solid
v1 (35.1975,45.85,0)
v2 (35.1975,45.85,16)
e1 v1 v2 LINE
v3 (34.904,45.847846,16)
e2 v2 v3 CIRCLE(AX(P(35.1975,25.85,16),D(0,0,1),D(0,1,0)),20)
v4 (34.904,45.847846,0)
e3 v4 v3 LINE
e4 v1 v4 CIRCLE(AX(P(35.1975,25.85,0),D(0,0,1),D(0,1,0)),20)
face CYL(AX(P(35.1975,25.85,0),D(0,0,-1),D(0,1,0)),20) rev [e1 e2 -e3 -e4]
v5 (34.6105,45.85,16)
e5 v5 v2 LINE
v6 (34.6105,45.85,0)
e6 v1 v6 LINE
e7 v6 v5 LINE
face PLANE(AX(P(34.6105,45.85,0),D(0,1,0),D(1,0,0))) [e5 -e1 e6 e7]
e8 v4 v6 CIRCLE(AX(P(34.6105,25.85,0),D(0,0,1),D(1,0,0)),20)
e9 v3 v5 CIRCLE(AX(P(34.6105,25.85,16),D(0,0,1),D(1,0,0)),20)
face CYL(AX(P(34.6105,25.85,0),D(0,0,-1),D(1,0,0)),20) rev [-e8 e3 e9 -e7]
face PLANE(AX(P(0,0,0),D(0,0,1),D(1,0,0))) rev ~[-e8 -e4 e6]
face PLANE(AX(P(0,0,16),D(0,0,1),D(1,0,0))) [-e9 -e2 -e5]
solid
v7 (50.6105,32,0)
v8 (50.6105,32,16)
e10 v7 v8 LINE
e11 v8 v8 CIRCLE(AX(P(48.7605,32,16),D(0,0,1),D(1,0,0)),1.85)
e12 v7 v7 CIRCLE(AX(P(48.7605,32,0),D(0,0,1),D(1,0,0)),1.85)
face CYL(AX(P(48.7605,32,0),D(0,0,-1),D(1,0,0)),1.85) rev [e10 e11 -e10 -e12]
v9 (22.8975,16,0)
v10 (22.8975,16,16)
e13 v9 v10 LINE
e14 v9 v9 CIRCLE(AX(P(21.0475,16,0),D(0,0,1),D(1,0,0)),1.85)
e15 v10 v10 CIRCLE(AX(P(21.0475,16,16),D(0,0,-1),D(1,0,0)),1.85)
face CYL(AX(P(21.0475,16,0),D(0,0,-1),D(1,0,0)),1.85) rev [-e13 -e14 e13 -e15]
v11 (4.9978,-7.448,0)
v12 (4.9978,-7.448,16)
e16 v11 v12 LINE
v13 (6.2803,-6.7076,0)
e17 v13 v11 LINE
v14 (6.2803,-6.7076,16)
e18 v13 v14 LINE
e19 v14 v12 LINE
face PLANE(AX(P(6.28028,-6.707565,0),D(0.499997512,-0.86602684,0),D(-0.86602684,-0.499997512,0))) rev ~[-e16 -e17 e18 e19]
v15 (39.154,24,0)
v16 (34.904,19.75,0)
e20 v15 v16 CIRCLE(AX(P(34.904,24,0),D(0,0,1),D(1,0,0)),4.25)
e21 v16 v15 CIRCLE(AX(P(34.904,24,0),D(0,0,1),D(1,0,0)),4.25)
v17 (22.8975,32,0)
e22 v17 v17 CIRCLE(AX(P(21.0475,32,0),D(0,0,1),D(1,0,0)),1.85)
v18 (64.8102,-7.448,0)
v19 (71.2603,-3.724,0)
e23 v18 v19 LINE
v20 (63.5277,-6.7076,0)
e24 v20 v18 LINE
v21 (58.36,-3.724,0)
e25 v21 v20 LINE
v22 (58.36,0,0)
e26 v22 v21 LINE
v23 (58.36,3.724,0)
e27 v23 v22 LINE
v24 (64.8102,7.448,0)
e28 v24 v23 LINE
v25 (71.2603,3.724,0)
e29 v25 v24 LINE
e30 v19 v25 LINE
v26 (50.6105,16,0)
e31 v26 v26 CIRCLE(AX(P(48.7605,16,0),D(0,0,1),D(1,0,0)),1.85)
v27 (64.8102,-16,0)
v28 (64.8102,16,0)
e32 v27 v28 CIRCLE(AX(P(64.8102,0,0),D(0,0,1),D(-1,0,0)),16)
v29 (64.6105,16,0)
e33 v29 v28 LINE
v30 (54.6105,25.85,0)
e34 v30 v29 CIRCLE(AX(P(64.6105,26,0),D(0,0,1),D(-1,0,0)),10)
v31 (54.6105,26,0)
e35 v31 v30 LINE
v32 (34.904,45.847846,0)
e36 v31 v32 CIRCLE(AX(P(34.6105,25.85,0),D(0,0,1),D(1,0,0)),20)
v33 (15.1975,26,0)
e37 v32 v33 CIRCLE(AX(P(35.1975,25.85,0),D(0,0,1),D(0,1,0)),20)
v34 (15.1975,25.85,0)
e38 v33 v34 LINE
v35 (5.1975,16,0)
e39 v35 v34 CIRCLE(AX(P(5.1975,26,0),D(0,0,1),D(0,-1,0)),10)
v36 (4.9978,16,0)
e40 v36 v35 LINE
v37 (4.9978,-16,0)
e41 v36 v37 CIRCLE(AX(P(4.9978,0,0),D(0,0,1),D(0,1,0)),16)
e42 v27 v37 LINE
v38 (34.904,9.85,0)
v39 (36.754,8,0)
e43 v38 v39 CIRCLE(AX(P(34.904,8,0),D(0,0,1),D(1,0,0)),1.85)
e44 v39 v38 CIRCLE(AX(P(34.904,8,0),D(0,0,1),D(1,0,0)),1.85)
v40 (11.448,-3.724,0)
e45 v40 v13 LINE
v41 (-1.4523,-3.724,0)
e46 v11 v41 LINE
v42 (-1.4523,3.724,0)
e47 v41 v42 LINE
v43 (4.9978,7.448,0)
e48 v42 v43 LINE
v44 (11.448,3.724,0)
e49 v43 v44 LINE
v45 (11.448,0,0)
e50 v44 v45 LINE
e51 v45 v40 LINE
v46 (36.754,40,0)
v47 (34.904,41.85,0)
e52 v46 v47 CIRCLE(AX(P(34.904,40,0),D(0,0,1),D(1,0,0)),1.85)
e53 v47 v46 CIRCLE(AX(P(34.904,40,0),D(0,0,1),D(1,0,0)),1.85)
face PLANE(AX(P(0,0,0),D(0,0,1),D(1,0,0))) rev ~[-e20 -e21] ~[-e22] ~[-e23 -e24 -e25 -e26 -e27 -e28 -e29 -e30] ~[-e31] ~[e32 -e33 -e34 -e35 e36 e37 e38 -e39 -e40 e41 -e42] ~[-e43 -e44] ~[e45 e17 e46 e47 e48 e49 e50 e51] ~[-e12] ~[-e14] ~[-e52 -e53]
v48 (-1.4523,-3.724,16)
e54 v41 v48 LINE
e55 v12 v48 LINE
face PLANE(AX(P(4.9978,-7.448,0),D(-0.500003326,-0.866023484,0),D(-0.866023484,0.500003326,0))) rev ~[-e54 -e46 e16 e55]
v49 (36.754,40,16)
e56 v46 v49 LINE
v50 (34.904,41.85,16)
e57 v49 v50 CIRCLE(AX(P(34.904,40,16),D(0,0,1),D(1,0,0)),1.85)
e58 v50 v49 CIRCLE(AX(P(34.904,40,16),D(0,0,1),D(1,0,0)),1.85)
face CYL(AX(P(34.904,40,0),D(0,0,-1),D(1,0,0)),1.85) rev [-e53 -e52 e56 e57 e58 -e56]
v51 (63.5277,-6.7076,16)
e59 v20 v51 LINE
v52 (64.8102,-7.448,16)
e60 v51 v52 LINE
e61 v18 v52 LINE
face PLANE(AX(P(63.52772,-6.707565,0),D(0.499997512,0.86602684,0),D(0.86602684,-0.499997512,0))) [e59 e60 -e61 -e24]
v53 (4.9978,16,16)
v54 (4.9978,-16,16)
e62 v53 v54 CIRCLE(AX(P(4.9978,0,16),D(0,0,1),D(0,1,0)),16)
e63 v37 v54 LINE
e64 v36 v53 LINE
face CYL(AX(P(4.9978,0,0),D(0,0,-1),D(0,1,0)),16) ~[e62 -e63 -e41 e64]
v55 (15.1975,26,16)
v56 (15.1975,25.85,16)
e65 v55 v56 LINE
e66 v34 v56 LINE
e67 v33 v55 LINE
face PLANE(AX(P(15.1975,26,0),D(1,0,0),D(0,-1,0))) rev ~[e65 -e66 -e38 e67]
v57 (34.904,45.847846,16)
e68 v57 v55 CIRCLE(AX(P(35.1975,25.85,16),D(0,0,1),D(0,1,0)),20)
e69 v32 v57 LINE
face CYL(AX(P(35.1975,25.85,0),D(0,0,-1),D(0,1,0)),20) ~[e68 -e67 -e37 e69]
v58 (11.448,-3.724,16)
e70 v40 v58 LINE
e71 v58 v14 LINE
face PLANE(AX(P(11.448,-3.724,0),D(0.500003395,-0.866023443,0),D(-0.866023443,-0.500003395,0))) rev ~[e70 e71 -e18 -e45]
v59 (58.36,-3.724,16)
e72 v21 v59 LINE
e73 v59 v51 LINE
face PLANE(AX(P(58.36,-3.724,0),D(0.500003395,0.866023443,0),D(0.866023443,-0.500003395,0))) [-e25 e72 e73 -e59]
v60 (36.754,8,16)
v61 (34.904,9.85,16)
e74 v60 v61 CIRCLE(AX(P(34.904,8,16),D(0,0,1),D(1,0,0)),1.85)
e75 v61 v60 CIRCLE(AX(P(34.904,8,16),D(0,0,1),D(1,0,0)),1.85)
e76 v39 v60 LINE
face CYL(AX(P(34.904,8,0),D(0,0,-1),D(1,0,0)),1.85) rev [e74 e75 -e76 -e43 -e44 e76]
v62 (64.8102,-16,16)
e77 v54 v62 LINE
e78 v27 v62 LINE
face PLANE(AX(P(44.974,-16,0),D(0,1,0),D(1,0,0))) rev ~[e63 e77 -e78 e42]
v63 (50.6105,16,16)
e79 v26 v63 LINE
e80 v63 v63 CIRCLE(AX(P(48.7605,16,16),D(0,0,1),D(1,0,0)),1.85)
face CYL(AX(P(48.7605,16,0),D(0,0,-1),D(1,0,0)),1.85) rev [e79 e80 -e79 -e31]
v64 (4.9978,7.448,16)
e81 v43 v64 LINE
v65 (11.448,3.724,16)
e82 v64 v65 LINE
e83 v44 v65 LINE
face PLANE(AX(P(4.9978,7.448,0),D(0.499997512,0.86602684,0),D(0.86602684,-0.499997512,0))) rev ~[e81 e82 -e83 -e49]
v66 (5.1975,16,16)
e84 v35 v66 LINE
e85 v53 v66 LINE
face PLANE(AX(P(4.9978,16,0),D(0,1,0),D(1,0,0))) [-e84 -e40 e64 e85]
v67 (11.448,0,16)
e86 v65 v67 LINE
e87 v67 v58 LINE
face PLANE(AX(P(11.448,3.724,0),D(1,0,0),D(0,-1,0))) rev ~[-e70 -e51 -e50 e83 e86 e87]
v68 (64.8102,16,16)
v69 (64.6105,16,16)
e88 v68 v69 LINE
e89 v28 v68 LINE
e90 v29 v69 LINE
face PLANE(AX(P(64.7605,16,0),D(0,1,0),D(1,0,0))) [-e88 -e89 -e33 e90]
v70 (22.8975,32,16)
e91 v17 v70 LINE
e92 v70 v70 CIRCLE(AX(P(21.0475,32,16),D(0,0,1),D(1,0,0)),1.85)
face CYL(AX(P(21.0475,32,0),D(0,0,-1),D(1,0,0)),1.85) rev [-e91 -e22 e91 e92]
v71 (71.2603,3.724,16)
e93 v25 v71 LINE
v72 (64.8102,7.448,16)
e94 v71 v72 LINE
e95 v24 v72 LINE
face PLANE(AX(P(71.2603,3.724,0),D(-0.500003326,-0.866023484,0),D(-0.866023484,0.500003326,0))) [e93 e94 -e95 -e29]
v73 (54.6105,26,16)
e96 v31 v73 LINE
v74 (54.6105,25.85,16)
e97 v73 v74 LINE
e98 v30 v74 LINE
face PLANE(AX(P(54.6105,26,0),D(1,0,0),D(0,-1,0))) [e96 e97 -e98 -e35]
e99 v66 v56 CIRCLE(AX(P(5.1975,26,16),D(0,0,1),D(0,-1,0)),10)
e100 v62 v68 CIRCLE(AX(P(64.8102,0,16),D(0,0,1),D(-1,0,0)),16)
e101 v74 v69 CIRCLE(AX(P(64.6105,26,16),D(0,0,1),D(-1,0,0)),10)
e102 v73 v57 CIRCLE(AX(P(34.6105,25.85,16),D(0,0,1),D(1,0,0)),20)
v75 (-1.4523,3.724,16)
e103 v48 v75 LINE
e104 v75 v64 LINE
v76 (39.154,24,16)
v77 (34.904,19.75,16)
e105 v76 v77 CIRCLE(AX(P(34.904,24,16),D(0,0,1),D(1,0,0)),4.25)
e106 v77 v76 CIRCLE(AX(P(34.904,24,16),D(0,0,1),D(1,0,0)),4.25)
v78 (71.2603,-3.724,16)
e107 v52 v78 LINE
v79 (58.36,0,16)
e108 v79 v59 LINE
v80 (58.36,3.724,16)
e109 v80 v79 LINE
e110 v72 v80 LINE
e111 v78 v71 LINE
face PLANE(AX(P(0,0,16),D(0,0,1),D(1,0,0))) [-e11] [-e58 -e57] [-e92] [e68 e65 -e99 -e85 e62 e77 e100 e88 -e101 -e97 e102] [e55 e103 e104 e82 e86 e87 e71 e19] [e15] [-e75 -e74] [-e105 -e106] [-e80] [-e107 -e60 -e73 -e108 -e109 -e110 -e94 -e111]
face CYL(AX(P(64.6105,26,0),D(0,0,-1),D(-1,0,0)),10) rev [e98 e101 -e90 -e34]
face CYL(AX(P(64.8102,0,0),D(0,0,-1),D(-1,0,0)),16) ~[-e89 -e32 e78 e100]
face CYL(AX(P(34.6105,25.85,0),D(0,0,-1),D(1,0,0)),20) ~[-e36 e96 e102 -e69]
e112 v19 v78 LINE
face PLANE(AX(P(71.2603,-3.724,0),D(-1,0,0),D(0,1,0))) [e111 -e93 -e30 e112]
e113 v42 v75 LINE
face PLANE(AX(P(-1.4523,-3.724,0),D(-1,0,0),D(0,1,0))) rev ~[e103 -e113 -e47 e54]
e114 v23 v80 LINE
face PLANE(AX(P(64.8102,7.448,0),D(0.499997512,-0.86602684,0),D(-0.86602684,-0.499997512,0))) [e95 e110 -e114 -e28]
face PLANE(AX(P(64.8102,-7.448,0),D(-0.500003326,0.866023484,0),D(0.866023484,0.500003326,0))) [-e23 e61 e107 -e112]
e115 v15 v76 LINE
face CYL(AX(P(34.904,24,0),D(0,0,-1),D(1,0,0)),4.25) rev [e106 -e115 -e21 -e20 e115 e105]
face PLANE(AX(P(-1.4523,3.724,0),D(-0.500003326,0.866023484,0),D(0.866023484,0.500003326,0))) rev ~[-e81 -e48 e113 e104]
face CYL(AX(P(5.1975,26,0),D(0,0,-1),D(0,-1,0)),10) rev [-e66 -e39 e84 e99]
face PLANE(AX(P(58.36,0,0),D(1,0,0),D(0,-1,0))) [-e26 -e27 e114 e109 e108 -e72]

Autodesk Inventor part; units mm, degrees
ref_plane "YZ Plane" through (0, 0, 0) normal (1, 0, 0) x (0, 1, 0)
ref_plane "XZ Plane" through (0, 0, 0) normal (0, 1, 0) x (-1, 0, 0)
ref_plane "XY Plane" through (0, 0, 0) normal (0, 0, 1) x (1, 0, 0)
sketch "Sketch7" plane through (0, 0, 0) normal (0, 0, 1) x (1, 0, 0)
  line L0 (64.7605, 16) -> (64.8102, 16)
  circle A0 centre (34.904, 8) radius 1.85
  line L1 (34.904, 0) -> (21.0475, 0)
  circle A1 centre (21.0475, 32) radius 1.85
  circle A2 centre (48.7605, 32) radius 1.85
  circle A3 centre (48.7605, 16) radius 1.85
  circle A4 centre (21.0475, 16) radius 1.85
  line L2 (34.904, -16) -> (33.054, -16)
  line L3 (4.9978, -16) -> (29.0539, -16)
  line L4 (44.974, -16) -> (64.8102, -16)
  circle A5 centre (34.904, 40) radius 1.85
  line L5 (4.9978, 16) -> (5.1975, 16)
  line L6 (64.6105, 16) -> (64.8102, 16)
  line L7 (34.904, 8) -> (34.904, 24)
  circle A6 centre (34.904, 24) radius 4.25
  line L8 (29.0539, -16) -> (44.974, -16)
  line L9 (34.904, 40) -> (34.904, 41.85)
  line L10 (34.904, 41.85) -> (34.904, 45.85)
  line L11 (21.0475, 16) -> (19.1975, 16)
  line L12 (19.1975, 16) -> (15.1975, 16)
  line L13 (48.7605, 16) -> (50.6105, 16)
  line L14 (15.1975, 26) -> (15.1975, 25.85)
  line L15 (35.1975, 45.85) -> (34.904, 45.85)
  line L16 (54.6105, 26) -> (54.6105, 25.85)
  line L17 (34.6105, 45.85) -> (34.904, 45.85)
  arc A7 (35.1975, 45.85) -> (15.1975, 25.85) centre (35.1975, 25.85) ccw
  arc A8 (54.6105, 25.85) -> (34.6105, 45.85) centre (34.6105, 25.85) ccw
  arc A9 (5.1975, 16) -> (15.1975, 26) centre (5.1975, 26) ccw
  arc A10 (54.6105, 26) -> (64.6105, 16) centre (64.6105, 26) ccw
  line L18 (48.8102, 0) -> (58.36, 0)
  line L19 (58.36, 0) -> (48.8102, 0)
  line L20 (11.448, 3.724) -> (11.448, -3.724)
  line L21 (11.448, 3.724) -> (18.896, 3.724) construction
  line L22 (11.448, 3.724) -> (18.896, 3.724) construction
  line L23 (11.448, -3.724) -> (6.2803, -6.7076)
  line L24 (11.448, -3.724) -> (17.4152, -3.724) construction
  line L25 (11.448, -3.724) -> (4.9978, -7.448)
  line L26 (4.9978, -7.448) -> (-1.4523, -3.724)
  line L27 (-1.4523, -3.724) -> (-1.4523, 3.724)
  line L28 (-1.4523, 3.724) -> (4.9978, 7.448)
  line L29 (4.9978, 7.448) -> (11.448, 3.724)
  line L30 (11.448, 0) -> (48.8102, 0)
  line L31 (58.36, 3.724) -> (58.36, -3.724)
  line L32 (58.36, 3.724) -> (50.912, 3.724) construction
  line L33 (58.36, 3.724) -> (50.912, 3.724) construction
  line L34 (58.36, -3.724) -> (63.5277, -6.7076)
  line L35 (58.36, -3.724) -> (52.3928, -3.724) construction
  line L36 (58.36, -3.724) -> (64.8102, -7.448)
  line L37 (64.8102, -7.448) -> (71.2603, -3.724)
  line L38 (71.2603, -3.724) -> (71.2603, 3.724)
  line L39 (71.2603, 3.724) -> (64.8102, 7.448)
  line L40 (64.8102, 7.448) -> (58.36, 3.724)
  line L41 (4.9978, 7.448) -> (4.9978, 0)
  arc A11 (4.9978, 16) -> (4.9978, -16) centre (4.9978, 0) ccw
  line L42 (64.8102, 7.448) -> (64.8102, 0)
  arc A12 (48.8102, 0) -> (64.8102, 16) centre (64.8102, 0) ccw
  point P0 (54.6105, 45.85)
  point P1 (34.904, 45.8479)
  point P2 (34.904, 45.8479)
  point P3 (69.808, 16)
  point P4 (11.448, 0)
  point P5 (34.904, 45.8479)
  point P6 (58.36, 0)
  dimension "d83" = 16
  dimension "d84" = 8.5
  dimension "d85" = 4
  dimension "d86" = 4
  dimension "d88" = 20
  dimension "d89" = 10
  dimension "d93" = 23.456
  dimension "d94" = 46.912
  dimension "d96" = 7.448
  dimension "d105" = 150
  dimension "d106" = 7.448
  dimension "d107" = 7.448
  dimension "d108" = 120
  dimension "d109" = 7.448
  dimension "d110" = 7.448
  dimension "d111" = 32
  dimension "d112" = 32
extrude "Extrusion3" add sketch "Sketch7" along normal blind 16
